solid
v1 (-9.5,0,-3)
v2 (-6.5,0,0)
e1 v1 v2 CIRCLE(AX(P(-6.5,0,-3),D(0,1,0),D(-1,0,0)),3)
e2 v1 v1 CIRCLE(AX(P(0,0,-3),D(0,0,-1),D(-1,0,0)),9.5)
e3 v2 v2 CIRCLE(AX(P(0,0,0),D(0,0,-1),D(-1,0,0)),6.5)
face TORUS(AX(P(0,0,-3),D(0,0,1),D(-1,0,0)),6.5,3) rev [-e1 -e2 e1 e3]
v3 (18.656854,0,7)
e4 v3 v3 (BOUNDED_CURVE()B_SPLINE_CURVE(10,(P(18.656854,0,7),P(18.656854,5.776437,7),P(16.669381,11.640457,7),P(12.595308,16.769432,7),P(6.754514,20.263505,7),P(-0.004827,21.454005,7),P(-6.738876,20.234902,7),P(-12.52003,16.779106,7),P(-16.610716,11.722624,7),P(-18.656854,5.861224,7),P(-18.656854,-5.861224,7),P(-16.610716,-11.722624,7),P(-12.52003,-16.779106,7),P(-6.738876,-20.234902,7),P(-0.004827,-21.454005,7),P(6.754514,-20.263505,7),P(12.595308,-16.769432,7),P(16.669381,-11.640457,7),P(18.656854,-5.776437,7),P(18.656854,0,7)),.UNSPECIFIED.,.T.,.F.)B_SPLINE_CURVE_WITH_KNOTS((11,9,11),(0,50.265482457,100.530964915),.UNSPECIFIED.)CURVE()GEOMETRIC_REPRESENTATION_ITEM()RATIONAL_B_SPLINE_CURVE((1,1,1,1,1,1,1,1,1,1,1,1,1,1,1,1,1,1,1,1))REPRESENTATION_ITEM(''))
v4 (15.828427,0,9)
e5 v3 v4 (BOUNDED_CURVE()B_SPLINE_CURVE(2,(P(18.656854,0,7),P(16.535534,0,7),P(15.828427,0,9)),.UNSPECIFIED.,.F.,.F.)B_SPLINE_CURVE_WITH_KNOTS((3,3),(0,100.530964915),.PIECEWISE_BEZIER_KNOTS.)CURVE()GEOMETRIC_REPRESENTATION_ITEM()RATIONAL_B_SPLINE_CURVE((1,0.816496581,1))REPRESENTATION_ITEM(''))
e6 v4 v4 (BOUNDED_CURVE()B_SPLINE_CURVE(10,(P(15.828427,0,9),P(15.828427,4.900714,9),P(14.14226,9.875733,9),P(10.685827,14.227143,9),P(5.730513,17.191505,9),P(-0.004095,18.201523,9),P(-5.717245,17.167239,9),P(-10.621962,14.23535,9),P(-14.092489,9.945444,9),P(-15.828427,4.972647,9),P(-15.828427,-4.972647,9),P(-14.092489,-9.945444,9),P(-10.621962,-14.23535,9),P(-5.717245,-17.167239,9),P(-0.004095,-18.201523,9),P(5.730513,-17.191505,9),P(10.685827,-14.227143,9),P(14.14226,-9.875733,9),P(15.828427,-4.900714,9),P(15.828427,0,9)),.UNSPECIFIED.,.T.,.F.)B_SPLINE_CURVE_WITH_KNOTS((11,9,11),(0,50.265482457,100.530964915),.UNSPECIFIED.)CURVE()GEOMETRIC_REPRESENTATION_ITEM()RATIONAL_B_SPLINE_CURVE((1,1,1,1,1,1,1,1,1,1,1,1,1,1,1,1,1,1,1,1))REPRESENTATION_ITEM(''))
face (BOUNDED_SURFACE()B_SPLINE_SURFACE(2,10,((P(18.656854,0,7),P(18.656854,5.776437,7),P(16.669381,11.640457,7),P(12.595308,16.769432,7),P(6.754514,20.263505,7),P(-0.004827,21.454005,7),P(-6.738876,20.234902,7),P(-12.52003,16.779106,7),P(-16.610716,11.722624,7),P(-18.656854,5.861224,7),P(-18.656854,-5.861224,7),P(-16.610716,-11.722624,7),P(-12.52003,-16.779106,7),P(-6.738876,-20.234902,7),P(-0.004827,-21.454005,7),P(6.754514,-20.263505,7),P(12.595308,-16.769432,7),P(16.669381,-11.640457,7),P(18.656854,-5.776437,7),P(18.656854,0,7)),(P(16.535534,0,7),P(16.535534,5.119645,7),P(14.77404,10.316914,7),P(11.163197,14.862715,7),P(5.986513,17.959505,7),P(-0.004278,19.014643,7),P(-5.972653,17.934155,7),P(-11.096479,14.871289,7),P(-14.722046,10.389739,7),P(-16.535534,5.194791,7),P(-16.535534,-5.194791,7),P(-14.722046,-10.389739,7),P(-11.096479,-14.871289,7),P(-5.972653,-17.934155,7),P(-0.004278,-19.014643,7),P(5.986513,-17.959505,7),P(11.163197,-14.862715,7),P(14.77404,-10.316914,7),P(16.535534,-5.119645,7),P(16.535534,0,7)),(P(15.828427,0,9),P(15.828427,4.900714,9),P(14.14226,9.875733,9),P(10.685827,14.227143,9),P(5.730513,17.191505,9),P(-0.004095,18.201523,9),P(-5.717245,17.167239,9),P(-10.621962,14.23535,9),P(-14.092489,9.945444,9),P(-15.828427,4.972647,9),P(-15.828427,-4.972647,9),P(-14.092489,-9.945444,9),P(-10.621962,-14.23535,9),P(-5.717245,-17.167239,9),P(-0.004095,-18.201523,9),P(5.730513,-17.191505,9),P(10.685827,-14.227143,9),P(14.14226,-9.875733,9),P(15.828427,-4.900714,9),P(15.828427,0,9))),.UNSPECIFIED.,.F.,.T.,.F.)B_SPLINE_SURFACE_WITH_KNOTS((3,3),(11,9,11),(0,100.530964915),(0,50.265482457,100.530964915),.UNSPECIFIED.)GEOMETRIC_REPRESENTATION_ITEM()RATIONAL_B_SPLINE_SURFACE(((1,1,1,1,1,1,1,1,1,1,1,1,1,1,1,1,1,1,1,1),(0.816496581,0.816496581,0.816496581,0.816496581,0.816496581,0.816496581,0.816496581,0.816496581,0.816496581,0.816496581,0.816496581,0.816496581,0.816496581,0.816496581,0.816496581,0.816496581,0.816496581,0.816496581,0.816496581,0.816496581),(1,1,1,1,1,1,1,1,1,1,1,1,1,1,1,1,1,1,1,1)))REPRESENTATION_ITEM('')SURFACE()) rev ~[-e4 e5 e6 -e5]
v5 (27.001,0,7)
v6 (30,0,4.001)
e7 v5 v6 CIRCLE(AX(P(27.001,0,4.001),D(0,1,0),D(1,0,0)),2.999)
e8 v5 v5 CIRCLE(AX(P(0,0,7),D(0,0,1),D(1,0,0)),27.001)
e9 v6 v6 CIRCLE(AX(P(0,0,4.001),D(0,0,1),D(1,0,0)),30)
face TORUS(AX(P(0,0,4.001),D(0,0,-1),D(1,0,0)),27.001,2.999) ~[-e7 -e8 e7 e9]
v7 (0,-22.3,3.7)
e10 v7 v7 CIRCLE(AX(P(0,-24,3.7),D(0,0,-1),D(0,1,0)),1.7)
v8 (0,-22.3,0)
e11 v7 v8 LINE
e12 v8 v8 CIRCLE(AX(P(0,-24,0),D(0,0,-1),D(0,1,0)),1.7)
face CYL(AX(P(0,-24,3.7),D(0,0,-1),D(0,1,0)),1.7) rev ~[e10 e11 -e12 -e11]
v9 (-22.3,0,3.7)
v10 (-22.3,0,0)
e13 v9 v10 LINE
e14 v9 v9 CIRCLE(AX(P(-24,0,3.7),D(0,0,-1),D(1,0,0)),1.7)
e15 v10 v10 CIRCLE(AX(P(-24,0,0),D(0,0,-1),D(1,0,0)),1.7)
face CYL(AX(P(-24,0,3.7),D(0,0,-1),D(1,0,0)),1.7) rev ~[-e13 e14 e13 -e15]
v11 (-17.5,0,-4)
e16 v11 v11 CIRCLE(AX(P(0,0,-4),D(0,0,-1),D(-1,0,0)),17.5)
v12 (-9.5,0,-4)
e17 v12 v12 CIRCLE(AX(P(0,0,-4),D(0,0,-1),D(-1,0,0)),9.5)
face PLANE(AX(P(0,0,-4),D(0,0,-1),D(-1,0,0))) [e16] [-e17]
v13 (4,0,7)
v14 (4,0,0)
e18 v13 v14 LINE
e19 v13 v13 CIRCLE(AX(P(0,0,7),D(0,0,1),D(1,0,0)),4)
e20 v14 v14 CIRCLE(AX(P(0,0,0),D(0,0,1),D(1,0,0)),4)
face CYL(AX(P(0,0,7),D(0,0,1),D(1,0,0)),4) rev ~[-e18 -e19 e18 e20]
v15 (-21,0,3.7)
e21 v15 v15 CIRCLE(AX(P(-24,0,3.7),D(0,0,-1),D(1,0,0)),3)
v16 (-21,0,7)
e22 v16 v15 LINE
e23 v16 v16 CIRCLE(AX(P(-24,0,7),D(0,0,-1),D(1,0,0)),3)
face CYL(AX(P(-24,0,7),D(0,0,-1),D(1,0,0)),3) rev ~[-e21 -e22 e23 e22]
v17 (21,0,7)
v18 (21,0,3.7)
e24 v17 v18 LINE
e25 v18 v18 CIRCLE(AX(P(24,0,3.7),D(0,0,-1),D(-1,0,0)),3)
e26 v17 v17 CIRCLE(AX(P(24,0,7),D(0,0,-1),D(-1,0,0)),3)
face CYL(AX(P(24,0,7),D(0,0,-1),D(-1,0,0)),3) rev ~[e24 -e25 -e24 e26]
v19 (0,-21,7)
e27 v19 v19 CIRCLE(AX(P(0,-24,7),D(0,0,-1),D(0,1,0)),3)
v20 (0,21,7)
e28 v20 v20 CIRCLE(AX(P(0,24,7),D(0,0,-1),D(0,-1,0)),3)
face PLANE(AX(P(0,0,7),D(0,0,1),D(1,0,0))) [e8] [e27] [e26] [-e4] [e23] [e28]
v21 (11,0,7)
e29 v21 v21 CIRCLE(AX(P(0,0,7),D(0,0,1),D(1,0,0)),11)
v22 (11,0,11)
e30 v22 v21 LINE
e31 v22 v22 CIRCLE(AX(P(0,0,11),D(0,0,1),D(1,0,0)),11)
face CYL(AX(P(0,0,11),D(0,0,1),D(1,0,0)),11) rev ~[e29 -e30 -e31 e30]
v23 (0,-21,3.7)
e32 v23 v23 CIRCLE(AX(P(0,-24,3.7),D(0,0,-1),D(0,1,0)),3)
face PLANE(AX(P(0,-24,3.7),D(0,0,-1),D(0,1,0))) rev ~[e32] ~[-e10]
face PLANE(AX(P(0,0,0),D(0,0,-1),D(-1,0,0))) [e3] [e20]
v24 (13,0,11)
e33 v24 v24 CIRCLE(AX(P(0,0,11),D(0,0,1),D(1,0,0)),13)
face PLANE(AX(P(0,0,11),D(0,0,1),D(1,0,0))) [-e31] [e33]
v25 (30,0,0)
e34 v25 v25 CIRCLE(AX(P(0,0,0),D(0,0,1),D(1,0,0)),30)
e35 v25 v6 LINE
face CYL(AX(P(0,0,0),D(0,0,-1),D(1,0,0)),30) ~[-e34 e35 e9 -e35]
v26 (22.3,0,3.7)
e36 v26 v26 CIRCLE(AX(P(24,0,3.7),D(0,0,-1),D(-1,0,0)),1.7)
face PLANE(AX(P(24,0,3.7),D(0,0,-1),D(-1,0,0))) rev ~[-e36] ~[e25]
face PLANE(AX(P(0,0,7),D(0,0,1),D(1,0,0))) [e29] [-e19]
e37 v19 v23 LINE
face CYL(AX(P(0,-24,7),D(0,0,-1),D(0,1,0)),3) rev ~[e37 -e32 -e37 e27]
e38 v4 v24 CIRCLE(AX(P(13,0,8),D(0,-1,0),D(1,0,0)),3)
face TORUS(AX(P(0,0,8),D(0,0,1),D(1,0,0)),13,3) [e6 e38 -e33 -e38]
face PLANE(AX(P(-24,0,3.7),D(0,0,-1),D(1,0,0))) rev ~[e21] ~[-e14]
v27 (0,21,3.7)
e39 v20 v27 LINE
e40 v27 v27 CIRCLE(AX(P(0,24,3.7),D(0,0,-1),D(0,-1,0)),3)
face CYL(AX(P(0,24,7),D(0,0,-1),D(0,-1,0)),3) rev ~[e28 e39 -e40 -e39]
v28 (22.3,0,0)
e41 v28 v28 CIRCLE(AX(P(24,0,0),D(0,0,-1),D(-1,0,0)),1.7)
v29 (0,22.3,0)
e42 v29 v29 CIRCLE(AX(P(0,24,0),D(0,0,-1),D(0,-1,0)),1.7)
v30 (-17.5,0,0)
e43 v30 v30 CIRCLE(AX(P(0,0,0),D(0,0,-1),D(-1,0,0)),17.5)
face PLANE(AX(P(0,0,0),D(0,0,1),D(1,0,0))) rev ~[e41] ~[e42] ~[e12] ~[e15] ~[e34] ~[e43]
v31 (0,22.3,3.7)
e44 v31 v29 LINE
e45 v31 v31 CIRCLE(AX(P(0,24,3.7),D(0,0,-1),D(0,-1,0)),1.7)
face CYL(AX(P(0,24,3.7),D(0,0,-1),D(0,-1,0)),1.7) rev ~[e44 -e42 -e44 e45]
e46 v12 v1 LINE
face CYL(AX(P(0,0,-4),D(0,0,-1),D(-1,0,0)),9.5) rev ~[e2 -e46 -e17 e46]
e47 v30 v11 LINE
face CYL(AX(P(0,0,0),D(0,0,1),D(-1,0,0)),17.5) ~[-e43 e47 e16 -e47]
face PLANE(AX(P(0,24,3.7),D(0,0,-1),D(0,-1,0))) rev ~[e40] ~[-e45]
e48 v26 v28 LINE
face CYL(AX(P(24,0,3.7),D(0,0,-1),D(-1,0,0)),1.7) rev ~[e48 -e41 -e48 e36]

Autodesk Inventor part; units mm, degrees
ref_plane "YZ Plane" through (0, 0, 0) normal (1, 0, 0) x (0, 1, 0)
ref_plane "XZ Plane" through (0, 0, 0) normal (0, 1, 0) x (-1, 0, 0)
ref_plane "XY Plane" through (0, 0, 0) normal (0, 0, 1) x (1, 0, 0)
sketch "스케치4" plane through (0, 0, 0) normal (0, 0, 1) x (1, 0, 0)
  circle A0 centre (0, 0) radius 30
  dimension "d28" = 60
extrude "돌출4" add sketch "스케치4" along normal blind 7
sketch "스케치5" plane through (0, 0, 7) normal (0, 0, 1) x (1, 0, 0)
  circle A0 centre (0, 0) radius 16
  dimension "d31" = 32
extrude "돌출5" add sketch "스케치5" along normal blind 4
sketch "스케치6" plane through (0, 0, 0) normal (0, 0, -1) x (-1, 0, 0)
  circle A0 centre (0, 0) radius 17.5
  dimension "d34" = 35
extrude "돌출6" add sketch "스케치6" along normal blind 4
sketch "스케치8" plane through (0, 0, 11) normal (0, 0, 1) x (1, 0, 0)
  circle A0 centre (0, 0) radius 11
  dimension "d41" = 22
extrude "돌출8" cut sketch "스케치8" against normal blind 4
sketch "스케치9" plane through (0, 0, -4) normal (0, 0, -1) x (-1, 0, 0)
  circle A0 centre (0, 0) radius 9.5
  dimension "d44" = 19
extrude "돌출9" cut sketch "스케치9" against normal blind 4
sketch "스케치11" plane through (0, 0, 7) normal (0, 0, 1) x (1, 0, 0)
  circle A0 centre (0, 0) radius 4
  dimension "d49" = 8
extrude "돌출10" cut sketch "스케치11" against normal up to next
sketch "스케치12" plane through (0, 0, 7) normal (0, 0, 1) x (1, 0, 0)
  circle A0 centre (0, 24) radius 3
  point P0 (0, 0)
  dimension "d61" = 6
  dimension "d62" = 24
hole "구멍1" at (0, 24, 7) direction (0, 0, -1) diameter 3.4 end through all counterbore diameter 6 counterbore depth 3.3
pattern_circular "원형 패턴2" count 4 over 360 about axis through (0, 0, 7) along (0, 0, -1) of "구멍1"
fillet "모깎기2" radius 3 4 edges at (-16, 0, 11) (-30, 0, 7) (-16, 0, 7) (9.5, 0, 0)
properties part number "도면2-3번"
